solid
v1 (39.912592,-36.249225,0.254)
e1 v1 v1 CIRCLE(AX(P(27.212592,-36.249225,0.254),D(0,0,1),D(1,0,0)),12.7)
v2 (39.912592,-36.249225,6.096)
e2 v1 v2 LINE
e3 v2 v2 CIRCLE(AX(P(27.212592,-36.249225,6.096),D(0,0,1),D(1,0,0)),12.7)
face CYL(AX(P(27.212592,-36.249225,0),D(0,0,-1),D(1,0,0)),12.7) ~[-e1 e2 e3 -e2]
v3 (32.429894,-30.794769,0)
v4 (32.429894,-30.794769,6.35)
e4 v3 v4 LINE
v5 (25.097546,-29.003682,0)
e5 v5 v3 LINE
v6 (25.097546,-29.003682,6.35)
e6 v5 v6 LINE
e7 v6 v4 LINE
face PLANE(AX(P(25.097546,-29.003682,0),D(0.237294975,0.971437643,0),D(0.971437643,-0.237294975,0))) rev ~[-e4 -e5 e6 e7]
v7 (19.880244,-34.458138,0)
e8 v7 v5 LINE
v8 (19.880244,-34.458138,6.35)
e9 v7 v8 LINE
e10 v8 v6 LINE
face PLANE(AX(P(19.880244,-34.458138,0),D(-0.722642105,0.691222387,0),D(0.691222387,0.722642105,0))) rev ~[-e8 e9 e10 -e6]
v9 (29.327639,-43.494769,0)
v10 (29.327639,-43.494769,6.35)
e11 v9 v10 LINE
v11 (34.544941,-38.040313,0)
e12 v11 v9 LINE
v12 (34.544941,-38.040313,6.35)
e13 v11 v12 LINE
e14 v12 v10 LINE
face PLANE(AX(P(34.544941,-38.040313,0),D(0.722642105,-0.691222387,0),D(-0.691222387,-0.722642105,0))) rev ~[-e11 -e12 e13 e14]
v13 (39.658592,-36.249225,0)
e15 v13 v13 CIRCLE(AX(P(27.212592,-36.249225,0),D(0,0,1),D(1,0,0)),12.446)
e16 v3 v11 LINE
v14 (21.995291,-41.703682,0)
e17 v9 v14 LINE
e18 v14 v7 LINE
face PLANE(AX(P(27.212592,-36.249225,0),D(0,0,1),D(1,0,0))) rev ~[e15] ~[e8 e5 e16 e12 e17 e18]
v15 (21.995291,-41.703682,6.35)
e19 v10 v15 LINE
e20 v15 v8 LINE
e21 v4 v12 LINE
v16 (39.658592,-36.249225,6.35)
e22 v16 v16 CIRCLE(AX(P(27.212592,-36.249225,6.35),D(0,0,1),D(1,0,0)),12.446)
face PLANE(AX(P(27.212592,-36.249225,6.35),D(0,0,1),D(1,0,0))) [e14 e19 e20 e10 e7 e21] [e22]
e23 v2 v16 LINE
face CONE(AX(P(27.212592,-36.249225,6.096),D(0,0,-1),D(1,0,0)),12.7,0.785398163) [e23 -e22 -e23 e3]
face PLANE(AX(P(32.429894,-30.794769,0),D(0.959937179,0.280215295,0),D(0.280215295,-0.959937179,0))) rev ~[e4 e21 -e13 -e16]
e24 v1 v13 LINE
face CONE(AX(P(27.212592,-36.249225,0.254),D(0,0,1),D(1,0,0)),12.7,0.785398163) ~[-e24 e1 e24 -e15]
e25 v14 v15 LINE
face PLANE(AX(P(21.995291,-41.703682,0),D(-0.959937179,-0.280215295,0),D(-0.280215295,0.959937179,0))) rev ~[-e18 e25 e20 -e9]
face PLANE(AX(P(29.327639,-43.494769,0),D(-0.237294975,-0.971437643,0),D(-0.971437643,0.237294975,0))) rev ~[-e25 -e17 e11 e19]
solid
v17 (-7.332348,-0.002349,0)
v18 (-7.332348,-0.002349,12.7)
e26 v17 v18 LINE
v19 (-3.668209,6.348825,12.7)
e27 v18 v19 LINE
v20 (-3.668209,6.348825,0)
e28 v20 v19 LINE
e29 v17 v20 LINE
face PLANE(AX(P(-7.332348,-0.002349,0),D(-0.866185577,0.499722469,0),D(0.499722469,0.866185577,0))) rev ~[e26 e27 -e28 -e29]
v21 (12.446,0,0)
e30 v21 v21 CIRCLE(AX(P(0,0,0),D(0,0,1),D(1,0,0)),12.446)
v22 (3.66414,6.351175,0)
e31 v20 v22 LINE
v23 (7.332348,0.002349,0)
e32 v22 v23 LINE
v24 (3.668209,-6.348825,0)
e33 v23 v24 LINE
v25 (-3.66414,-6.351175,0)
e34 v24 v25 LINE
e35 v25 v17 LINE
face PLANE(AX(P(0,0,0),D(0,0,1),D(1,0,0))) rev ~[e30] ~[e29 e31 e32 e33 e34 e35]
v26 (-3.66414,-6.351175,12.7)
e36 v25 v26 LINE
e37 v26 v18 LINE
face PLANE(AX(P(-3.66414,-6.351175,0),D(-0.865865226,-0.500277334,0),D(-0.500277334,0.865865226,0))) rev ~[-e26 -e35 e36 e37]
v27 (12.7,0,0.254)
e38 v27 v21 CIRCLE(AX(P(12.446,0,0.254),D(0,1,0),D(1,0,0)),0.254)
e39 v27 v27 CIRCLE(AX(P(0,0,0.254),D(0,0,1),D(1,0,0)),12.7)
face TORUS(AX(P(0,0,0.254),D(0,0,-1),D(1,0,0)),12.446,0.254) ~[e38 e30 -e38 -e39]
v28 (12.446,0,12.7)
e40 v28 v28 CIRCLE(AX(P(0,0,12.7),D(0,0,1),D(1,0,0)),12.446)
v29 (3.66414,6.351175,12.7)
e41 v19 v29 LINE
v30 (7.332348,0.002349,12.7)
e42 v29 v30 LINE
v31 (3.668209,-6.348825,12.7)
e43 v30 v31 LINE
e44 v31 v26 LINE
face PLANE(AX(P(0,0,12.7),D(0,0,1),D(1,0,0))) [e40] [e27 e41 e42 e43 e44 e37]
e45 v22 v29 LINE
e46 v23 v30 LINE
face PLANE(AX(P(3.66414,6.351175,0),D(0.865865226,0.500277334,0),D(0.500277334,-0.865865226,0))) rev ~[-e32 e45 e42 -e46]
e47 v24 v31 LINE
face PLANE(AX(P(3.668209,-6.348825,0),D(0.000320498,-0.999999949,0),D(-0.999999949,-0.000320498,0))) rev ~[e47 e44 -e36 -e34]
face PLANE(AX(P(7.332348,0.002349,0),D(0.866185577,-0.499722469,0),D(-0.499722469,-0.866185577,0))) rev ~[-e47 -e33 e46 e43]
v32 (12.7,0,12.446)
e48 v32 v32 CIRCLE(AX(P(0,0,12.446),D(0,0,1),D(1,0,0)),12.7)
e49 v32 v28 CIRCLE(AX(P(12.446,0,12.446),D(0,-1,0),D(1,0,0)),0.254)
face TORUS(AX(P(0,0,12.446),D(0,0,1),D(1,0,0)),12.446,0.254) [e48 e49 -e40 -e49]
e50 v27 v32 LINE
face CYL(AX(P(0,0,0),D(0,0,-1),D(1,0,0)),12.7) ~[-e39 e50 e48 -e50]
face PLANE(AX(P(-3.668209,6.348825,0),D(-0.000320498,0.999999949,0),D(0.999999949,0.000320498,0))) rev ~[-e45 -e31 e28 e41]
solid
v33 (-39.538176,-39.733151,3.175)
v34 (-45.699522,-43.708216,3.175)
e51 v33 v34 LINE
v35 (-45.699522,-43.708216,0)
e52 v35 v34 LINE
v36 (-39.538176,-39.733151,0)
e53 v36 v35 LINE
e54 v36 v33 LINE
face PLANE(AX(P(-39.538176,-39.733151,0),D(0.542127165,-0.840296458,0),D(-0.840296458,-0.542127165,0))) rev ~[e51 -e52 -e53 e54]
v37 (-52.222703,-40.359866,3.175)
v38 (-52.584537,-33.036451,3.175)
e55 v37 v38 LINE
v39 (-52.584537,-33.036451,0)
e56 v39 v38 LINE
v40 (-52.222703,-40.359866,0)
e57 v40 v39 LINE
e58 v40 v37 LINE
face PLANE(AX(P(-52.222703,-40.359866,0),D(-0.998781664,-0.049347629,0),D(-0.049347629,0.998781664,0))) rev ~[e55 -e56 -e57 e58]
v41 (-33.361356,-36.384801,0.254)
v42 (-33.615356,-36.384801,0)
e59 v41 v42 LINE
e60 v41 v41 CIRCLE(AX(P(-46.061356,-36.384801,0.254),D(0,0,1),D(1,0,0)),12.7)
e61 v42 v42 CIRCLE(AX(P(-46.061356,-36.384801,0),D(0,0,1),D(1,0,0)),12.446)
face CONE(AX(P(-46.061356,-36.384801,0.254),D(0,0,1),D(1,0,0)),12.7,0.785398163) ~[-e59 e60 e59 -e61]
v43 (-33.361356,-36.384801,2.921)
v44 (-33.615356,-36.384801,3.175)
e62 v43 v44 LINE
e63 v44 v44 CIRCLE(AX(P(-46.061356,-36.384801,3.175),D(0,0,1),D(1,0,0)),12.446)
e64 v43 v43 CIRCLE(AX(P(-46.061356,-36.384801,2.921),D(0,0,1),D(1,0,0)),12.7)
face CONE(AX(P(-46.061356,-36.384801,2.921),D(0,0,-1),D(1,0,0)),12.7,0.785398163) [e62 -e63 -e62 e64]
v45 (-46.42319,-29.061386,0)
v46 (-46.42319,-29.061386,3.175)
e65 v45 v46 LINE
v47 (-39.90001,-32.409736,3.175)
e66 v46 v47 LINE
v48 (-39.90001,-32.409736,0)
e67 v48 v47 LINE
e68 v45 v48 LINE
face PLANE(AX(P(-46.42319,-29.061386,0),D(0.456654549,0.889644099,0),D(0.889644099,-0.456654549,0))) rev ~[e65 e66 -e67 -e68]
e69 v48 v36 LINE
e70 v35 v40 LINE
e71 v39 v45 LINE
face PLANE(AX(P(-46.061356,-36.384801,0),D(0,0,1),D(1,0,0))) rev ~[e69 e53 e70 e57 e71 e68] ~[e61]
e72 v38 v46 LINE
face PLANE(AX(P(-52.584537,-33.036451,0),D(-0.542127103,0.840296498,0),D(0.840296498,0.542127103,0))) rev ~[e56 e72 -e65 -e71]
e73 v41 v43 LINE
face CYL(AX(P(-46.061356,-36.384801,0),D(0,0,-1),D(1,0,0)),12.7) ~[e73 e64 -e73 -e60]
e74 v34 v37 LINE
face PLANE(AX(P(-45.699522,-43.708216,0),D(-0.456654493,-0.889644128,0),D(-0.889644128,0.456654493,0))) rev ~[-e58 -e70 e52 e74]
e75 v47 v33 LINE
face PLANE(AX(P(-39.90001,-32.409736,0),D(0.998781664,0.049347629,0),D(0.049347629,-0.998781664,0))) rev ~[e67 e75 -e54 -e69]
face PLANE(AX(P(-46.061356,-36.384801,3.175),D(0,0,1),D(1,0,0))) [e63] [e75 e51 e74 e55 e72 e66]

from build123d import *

# Parameters (mm, degrees)
F0_R     = 12.7
F1_DEPTH = 12.7
F2_R     = 0.254
F3_R     = 12.7
F4_DEPTH = 3.175
F5_SIZE  = 0.254
F6_R     = 12.7
F7_DEPTH = 6.35
F8_SIZE  = 0.254


with BuildPart() as f1:
    # F0 (on Top) → F1 (new body)
    with BuildSketch(Plane.XY):
        Circle(F0_R)
        Polygon((3.66414, 6.351175), (7.332348, 0.002349), (3.668209, -6.348825), (-3.66414, -6.351175), (-7.332348, -0.002349), (-3.668209, 6.348825), align=None, mode=Mode.SUBTRACT)
    extrude(amount=F1_DEPTH)

    # F2
    f2_edges = [f1.edges().sort_by_distance(p)[0] for p in [
        (-12.7, 0, 12.7),
        (-12.7, 0, 0),
    ]]
    fillet(f2_edges, radius=F2_R)


with BuildPart() as f4:
    # F3 (on Top) → F4 (new body)
    with BuildSketch(Plane.XY):
        with Locations((-46.061356, -36.384801)):
            Circle(F3_R)
        Polygon((-39.90001, -32.409736), (-39.538176, -39.733151), (-45.699522, -43.708216), (-52.222703, -40.359866), (-52.584537, -33.036451), (-46.42319, -29.061386), align=None, mode=Mode.SUBTRACT)
    extrude(amount=F4_DEPTH)

    # F5
    f5_edges = [f4.edges().sort_by_distance(p)[0] for p in [
        (-58.761356, -36.384801, 3.175),
        (-58.761356, -36.384801, 0),
    ]]
    chamfer(f5_edges, length=F5_SIZE)


with BuildPart() as f7:
    # F6 (on Top) → F7 (new body)
    with BuildSketch(Plane.XY):
        with Locations((27.212592, -36.249225)):
            Circle(F6_R)
        Polygon((32.429894, -30.794769), (34.544941, -38.040313), (29.327639, -43.494769), (21.995291, -41.703682), (19.880244, -34.458138), (25.097546, -29.003682), align=None, mode=Mode.SUBTRACT)
    extrude(amount=F7_DEPTH)

    # F8
    f8_edges = [f7.edges().sort_by_distance(p)[0] for p in [
        (14.512592, -36.249225, 6.35),
        (14.512592, -36.249225, 0),
    ]]
    chamfer(f8_edges, length=F8_SIZE)


solid = Compound([f1.part, f4.part, f7.part])
